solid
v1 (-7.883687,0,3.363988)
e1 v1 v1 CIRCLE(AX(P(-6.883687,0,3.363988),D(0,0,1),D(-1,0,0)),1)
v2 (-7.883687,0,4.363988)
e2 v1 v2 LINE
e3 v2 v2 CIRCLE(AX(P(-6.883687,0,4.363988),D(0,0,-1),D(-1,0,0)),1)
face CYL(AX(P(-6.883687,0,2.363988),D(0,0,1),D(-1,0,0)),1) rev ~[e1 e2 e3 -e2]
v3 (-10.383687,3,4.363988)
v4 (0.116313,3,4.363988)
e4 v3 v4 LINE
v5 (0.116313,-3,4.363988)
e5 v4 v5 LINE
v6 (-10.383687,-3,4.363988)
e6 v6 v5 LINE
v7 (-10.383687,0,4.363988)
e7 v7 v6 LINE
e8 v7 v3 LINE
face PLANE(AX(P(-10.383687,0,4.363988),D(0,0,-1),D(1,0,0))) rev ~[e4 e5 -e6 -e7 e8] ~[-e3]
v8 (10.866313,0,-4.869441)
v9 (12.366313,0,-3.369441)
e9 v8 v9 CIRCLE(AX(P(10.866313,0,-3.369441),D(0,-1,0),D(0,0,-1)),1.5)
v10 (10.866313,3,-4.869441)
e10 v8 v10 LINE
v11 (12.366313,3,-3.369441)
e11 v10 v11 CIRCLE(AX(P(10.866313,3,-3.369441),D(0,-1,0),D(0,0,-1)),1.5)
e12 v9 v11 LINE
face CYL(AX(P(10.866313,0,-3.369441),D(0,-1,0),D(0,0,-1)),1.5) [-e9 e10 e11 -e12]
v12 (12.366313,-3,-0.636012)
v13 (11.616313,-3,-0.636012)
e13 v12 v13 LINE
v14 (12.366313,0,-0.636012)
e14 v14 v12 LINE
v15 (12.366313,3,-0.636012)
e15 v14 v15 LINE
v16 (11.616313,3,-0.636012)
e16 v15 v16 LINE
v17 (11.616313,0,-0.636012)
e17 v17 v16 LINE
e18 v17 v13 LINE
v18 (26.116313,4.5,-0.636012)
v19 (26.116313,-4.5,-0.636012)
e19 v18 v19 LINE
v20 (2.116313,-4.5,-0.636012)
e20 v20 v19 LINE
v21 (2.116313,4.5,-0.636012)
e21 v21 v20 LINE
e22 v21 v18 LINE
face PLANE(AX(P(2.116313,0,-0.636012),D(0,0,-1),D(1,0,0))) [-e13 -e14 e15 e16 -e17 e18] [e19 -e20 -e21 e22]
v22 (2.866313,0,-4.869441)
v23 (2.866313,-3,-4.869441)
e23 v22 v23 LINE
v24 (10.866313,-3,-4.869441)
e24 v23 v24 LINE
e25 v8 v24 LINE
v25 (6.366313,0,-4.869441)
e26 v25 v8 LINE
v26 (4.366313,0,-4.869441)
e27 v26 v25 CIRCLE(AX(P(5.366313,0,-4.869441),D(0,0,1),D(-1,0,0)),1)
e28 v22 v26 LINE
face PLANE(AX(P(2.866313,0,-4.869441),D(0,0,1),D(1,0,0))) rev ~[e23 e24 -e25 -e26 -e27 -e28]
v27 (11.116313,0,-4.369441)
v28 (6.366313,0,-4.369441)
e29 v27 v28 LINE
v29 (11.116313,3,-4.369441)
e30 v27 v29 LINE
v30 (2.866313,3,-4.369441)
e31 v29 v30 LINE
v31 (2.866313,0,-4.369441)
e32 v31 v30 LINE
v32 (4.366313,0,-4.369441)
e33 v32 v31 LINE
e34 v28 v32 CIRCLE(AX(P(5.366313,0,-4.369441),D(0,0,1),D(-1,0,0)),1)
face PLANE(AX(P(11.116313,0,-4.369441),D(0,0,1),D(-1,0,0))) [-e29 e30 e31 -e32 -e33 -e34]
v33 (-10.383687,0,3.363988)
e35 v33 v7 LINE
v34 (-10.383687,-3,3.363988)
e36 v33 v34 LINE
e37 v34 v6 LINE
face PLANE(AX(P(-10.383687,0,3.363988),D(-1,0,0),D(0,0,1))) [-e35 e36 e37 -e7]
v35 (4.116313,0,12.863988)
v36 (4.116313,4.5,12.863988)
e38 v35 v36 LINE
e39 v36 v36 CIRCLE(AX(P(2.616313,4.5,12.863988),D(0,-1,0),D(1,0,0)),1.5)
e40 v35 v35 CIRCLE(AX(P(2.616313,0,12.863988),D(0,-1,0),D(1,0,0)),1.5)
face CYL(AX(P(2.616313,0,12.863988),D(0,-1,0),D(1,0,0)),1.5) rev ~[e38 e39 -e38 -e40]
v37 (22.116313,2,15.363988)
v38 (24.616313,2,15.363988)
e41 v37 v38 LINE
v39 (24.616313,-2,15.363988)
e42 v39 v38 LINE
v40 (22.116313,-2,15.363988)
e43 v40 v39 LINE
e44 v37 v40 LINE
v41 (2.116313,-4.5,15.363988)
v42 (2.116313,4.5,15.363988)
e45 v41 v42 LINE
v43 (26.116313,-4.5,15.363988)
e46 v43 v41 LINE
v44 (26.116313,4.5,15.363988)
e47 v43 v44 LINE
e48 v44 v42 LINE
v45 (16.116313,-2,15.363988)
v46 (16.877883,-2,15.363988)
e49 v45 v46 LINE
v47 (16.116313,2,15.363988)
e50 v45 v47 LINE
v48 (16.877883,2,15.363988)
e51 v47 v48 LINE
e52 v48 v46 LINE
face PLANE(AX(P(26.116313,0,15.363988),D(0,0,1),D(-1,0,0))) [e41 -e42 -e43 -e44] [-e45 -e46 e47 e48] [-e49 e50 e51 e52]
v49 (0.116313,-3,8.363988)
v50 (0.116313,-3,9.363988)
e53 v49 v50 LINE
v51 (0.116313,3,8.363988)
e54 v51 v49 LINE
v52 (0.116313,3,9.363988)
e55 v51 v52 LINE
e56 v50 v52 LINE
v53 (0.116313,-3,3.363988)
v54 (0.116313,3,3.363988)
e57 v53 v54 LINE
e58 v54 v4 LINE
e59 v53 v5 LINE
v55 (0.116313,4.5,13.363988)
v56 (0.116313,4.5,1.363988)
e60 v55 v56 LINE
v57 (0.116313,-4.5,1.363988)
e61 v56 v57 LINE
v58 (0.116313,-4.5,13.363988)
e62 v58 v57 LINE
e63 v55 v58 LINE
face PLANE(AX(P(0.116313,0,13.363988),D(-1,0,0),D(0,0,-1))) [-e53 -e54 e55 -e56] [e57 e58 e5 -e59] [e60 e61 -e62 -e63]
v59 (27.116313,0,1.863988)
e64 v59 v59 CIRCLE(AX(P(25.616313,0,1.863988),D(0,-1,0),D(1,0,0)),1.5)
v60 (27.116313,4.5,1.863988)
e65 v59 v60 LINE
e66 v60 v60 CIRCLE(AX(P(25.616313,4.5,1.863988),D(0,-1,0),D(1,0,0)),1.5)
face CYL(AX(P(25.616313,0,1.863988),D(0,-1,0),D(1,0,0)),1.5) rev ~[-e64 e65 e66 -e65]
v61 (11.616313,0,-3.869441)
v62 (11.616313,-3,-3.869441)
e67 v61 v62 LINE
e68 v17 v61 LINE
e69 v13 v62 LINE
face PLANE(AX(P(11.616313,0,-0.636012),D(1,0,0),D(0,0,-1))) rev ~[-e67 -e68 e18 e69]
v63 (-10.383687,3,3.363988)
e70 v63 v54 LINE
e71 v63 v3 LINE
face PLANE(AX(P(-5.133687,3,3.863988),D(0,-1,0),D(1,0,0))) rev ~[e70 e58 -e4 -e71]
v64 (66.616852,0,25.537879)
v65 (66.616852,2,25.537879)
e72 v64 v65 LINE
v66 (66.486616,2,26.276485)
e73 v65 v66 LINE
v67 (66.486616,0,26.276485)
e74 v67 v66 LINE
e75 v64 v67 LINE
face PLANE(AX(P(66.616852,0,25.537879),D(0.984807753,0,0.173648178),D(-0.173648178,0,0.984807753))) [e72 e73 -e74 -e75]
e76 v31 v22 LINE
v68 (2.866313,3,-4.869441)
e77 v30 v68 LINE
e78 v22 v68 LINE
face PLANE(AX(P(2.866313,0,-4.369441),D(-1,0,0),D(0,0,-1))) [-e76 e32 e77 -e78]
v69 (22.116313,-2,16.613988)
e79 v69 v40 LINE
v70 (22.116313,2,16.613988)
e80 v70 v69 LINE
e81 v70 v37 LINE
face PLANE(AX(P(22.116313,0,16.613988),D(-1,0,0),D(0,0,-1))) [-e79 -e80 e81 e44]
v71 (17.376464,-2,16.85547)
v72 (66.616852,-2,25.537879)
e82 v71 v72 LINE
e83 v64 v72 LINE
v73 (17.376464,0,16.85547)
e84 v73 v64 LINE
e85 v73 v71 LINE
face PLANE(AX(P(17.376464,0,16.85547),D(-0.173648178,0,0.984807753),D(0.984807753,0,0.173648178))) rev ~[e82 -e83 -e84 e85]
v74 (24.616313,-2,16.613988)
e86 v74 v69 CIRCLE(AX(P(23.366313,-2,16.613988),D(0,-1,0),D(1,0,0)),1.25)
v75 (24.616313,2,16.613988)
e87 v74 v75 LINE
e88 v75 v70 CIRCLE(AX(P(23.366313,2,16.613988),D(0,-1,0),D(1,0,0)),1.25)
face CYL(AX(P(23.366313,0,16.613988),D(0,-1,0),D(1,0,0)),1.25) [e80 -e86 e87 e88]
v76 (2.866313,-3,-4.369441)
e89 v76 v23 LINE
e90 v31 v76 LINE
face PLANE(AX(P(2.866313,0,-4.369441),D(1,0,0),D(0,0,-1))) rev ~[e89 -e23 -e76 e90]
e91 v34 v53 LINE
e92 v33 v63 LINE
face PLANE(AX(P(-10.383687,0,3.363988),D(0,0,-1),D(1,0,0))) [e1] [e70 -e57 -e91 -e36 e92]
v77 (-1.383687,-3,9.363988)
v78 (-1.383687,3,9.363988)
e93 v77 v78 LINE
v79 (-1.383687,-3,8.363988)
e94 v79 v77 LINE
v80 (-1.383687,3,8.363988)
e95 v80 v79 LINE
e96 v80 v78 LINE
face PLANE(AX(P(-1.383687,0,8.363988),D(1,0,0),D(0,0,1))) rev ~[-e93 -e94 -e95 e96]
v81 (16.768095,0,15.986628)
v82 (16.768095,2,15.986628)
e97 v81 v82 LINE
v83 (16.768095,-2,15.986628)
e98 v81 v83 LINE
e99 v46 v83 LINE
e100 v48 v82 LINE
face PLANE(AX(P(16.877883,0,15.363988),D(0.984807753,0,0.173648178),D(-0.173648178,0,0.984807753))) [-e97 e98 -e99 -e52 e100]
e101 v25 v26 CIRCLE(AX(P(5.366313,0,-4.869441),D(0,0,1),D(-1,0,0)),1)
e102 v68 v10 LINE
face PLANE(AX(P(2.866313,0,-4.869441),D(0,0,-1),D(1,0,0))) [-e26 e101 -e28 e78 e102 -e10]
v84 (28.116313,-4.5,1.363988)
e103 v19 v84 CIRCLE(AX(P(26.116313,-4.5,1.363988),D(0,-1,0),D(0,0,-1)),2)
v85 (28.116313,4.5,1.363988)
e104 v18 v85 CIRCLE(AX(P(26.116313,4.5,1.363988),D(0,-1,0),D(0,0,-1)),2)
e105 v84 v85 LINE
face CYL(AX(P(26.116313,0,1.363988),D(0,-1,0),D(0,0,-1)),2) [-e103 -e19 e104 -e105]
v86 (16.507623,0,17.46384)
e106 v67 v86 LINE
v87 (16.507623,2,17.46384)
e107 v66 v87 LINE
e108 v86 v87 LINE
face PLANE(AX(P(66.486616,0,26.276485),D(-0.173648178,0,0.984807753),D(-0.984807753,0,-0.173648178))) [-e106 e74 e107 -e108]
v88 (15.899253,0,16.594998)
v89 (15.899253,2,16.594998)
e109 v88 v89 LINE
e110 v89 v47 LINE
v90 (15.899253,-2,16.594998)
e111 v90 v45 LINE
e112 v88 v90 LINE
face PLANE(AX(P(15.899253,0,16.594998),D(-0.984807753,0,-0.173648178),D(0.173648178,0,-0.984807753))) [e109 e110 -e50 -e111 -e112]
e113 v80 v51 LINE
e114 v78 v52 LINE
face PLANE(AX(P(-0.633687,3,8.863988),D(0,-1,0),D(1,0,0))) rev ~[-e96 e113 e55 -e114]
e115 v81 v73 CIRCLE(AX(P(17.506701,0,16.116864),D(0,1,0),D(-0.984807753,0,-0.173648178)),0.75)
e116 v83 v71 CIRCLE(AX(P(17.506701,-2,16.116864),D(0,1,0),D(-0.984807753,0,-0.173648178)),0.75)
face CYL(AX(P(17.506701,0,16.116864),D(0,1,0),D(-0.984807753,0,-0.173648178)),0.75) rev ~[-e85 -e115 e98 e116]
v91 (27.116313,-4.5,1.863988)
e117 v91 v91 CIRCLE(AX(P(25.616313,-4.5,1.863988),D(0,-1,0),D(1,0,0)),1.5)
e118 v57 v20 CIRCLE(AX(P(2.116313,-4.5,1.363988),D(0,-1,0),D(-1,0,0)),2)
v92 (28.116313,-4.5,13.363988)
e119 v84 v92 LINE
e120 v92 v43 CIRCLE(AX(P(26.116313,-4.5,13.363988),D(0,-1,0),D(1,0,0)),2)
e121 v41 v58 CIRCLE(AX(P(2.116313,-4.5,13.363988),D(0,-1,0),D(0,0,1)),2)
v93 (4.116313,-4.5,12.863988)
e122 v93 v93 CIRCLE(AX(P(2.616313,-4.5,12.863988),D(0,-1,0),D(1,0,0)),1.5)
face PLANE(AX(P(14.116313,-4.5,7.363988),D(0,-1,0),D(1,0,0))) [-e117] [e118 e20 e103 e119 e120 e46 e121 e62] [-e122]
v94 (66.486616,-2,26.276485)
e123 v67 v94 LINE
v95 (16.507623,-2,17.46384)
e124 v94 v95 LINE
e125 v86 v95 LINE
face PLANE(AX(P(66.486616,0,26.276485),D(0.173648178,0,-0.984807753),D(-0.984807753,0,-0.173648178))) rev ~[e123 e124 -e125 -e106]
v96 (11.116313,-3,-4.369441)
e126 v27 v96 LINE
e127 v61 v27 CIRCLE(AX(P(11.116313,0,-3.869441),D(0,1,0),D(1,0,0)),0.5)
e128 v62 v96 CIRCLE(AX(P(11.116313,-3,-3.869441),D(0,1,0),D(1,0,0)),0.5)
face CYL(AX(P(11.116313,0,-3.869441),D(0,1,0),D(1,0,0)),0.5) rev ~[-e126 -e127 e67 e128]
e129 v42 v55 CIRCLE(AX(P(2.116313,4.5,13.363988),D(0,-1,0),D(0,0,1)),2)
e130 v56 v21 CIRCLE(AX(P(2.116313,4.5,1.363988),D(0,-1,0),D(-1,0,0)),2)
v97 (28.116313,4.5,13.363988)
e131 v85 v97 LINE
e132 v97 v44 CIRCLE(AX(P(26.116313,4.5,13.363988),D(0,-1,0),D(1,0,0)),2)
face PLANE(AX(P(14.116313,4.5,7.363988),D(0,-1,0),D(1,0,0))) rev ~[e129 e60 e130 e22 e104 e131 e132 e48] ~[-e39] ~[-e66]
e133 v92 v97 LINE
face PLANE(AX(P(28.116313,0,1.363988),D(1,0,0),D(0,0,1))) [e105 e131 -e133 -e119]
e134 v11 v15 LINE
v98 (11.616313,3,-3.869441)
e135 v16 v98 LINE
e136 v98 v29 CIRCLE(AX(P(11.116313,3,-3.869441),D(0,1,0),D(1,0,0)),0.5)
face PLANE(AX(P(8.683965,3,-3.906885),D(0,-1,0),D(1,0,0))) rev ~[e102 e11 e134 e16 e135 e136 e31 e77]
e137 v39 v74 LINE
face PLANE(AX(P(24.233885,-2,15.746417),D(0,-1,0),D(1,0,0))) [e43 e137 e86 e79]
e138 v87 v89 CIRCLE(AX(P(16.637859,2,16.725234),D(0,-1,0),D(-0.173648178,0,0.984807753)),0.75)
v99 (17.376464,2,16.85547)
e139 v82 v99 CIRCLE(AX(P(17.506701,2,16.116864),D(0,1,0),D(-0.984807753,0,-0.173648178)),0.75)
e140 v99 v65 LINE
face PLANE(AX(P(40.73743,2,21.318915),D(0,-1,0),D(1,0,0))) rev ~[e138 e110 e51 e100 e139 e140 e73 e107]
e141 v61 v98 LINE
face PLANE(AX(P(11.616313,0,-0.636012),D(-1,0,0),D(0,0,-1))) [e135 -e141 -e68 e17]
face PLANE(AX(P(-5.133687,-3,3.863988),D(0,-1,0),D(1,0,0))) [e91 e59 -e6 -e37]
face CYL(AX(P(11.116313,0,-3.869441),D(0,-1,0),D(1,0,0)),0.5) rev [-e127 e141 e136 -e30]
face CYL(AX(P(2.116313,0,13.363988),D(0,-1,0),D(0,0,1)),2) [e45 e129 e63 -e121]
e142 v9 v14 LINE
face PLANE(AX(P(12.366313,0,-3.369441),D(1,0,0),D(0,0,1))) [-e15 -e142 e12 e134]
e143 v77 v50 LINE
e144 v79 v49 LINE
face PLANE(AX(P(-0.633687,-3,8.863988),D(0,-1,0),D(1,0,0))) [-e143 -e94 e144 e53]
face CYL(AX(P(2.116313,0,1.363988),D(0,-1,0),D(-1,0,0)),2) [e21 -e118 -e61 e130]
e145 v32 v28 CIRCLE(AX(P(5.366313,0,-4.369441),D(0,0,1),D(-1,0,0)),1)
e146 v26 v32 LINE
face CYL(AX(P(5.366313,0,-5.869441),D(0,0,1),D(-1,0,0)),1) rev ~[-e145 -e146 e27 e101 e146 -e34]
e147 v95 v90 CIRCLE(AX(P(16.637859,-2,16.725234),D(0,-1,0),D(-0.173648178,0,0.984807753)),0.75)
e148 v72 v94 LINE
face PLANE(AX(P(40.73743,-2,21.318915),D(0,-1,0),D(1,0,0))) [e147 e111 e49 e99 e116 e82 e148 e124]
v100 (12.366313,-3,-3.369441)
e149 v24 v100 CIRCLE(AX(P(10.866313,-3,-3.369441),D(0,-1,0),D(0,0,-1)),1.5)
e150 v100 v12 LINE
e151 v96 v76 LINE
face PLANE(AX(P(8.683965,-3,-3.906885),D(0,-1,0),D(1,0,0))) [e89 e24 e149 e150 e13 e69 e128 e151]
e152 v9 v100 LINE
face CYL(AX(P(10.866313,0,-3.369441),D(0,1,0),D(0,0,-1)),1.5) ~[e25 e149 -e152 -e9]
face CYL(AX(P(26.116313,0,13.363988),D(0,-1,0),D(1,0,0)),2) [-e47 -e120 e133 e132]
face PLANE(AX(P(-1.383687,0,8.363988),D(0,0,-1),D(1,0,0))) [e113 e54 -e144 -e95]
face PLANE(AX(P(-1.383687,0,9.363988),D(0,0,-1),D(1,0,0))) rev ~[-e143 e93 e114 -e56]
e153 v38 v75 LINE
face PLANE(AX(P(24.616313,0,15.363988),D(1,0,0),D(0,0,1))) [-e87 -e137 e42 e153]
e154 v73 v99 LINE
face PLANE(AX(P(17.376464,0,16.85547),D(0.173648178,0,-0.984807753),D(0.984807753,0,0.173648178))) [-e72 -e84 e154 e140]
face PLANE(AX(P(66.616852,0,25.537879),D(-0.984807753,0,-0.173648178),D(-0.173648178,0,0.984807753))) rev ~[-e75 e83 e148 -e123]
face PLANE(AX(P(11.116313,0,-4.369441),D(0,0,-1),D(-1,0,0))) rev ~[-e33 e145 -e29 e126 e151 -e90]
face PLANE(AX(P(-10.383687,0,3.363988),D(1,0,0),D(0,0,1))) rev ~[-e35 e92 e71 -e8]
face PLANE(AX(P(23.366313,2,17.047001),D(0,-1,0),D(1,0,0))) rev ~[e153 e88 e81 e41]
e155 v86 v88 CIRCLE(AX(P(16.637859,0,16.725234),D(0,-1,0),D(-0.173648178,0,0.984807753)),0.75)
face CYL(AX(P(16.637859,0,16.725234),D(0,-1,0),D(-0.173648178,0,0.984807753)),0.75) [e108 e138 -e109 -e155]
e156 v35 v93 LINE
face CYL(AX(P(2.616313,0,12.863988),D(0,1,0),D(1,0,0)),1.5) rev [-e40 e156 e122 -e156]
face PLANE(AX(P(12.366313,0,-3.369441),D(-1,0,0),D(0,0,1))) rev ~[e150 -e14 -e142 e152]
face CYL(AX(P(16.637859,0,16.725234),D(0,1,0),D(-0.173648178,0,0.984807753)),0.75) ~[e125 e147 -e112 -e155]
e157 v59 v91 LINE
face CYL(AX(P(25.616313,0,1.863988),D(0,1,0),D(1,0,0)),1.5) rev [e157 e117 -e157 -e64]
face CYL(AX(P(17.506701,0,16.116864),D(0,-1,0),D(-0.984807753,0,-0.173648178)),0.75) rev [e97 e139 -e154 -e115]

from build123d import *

# Parameters (mm, degrees)
F0_R           = 1.5
F1_DEPTH       = 4.5
F0_W           = 1.5
F0_H           = 1
F0_W_2         = 10.5
F2_DEPTH       = 3
F3_DEPTH       = 2
F4_DEPTH       = 4.5
F5_DEPTH       = 3
F6_DEPTH       = 2
F9_D           = 2
F9_DEPTH       = 1
F9_TIP         = 0.600860619
F9_ON_F8_D     = 2
F9_ON_F8_DEPTH = 1
F9_ON_F8_TIP   = 0.600860619


with BuildPart() as f1:
    # F0 (on Front) → F1 (new body)
    with BuildSketch(Plane.XZ):
        with BuildLine():
            Line((16.1163130835, 15.3639883176), (2.1163130835, 15.3639883176))
            ThreePointArc((2.1163130835, 15.3639883176), (0.7020995211, 14.77820188), (0.1163130835, 13.3639883176))
            Line((0.1163130835, 13.3639883176), (0.1163130835, 9.3639883176))
            Line((0.1163130835, 9.3639883176), (0.1163130835, 8.3639883176))
            Line((0.1163130835, 8.3639883176), (0.1163130835, 4.3639883176))
            Line((0.1163130835, 4.3639883176), (0.1163130835, 3.3639883176))
            Line((0.1163130835, 3.3639883176), (0.1163130835, 1.3639883176))
            ThreePointArc((0.1163130835, 1.3639883176), (0.7020995211, -0.0502252447), (2.1163130835, -0.6360116824))
            Line((2.1163130835, -0.6360116824), (11.6163130835, -0.6360116824))
            Line((11.6163130835, -0.6360116824), (12.3663130835, -0.6360116824))
            Line((12.3663130835, -0.6360116824), (26.1163130835, -0.6360116824))
            ThreePointArc((26.1163130835, -0.6360116824), (27.5305266458, -0.0502252447), (28.1163130835, 1.3639883176))
            Line((28.1163130835, 1.3639883176), (28.1163130835, 13.3639883176))
            ThreePointArc((28.1163130835, 13.3639883176), (27.5305266458, 14.77820188), (26.1163130835, 15.3639883176))
            Line((26.1163130835, 15.3639883176), (24.6163130835, 15.3639883176))
            Line((24.6163130835, 15.3639883176), (23.3663130835, 15.3639883176))
            Line((23.3663130835, 15.3639883176), (22.1163130835, 15.3639883176))
            Line((22.1163130835, 15.3639883176), (16.8778830424, 15.3639883176))
            Line((16.8778830424, 15.3639883176), (16.1163130835, 15.3639883176))
        make_face()
        with Locations((25.6163130835, 1.8639883176)):
            Circle(F0_R, mode=Mode.SUBTRACT)
        with Locations((2.6163130835, 12.8639883176)):
            Circle(F0_R, mode=Mode.SUBTRACT)
    extrude(amount=F1_DEPTH)

    # F0 (on Front) → F2 (join)
    with BuildSketch(Plane.XZ):
        with Locations((-0.6336869165, 8.8639883176)):
            Rectangle(F0_W, F0_H)
        with Locations((-5.1336869165, 3.8639883176)):
            Rectangle(F0_W_2, F0_H)
        with BuildLine():
            Line((12.3663130835, -0.6360116824), (11.6163130835, -0.6360116824))
            Line((11.6163130835, -0.6360116824), (11.6163130835, -3.8694406524))
            ThreePointArc((11.6163130835, -3.8694406524), (11.4698664741, -4.222994043), (11.1163130835, -4.3694406524))
            Line((11.1163130835, -4.3694406524), (2.8663130835, -4.3694406524))
            Line((2.8663130835, -4.3694406524), (2.8663130835, -4.8694406524))
            Line((2.8663130835, -4.8694406524), (10.8663130835, -4.8694406524))
            ThreePointArc((10.8663130835, -4.8694406524), (11.9269732552, -4.4301008242), (12.3663130835, -3.3694406524))
            Line((12.3663130835, -3.3694406524), (12.3663130835, -0.6360116824))
        make_face()
    extrude(amount=F2_DEPTH)

    # F0 (on Front) → F3 (join)
    with BuildSketch(Plane.XZ):
        with BuildLine():
            Line((15.8992528614, 16.5949980089), (16.1163130835, 15.3639883176))
            Line((16.1163130835, 15.3639883176), (16.8778830424, 15.3639883176))
            Line((16.8778830424, 15.3639883176), (16.7680948094, 15.9866283274))
            ThreePointArc((16.7680948094, 15.9866283274), (16.8923365909, 16.5470467879), (17.3764644909, 16.8554702754))
            Line((17.3764644909, 16.8554702754), (66.6168521415, 25.5378791587))
            Line((66.6168521415, 25.5378791587), (66.4866160083, 26.2764849735))
            Line((66.4866160083, 26.2764849735), (16.5076225429, 17.4638399569))
            ThreePointArc((16.5076225429, 17.4638399569), (16.0234946429, 17.1554164694), (15.8992528614, 16.5949980089))
        make_face()
        with BuildLine():
            ThreePointArc((24.6163130835, 16.6139883176), (24.25019656, 15.7301048411), (23.3663130835, 15.3639883176))
            Line((23.3663130835, 15.3639883176), (24.6163130835, 15.3639883176))
            Line((24.6163130835, 15.3639883176), (24.6163130835, 16.6139883176))
        make_face()
        with BuildLine():
            Line((22.1163130835, 16.6139883176), (22.1163130835, 15.3639883176))
            Line((22.1163130835, 15.3639883176), (23.3663130835, 15.3639883176))
            ThreePointArc((23.3663130835, 15.3639883176), (22.482429607, 15.7301048411), (22.1163130835, 16.6139883176))
        make_face()
        with BuildLine():
            ThreePointArc((22.1163130835, 16.6139883176), (22.482429607, 15.7301048411), (23.3663130835, 15.3639883176))
            ThreePointArc((23.3663130835, 15.3639883176), (24.25019656, 15.7301048411), (24.6163130835, 16.6139883176))
            Line((24.6163130835, 16.6139883176), (22.1163130835, 16.6139883176))
        make_face()
        with BuildLine():
            ThreePointArc((24.6163130835, 16.6139883176), (23.3663130835, 17.8639883176), (22.1163130835, 16.6139883176))
            Line((22.1163130835, 16.6139883176), (24.6163130835, 16.6139883176))
        make_face()
    extrude(amount=F3_DEPTH)

    # F0 (on Front) → F4 (join)
    with BuildSketch(Plane.XZ):
        with BuildLine():
            Line((16.1163130835, 15.3639883176), (2.1163130835, 15.3639883176))
            ThreePointArc((2.1163130835, 15.3639883176), (0.7020995211, 14.77820188), (0.1163130835, 13.3639883176))
            Line((0.1163130835, 13.3639883176), (0.1163130835, 9.3639883176))
            Line((0.1163130835, 9.3639883176), (0.1163130835, 8.3639883176))
            Line((0.1163130835, 8.3639883176), (0.1163130835, 4.3639883176))
            Line((0.1163130835, 4.3639883176), (0.1163130835, 3.3639883176))
            Line((0.1163130835, 3.3639883176), (0.1163130835, 1.3639883176))
            ThreePointArc((0.1163130835, 1.3639883176), (0.7020995211, -0.0502252447), (2.1163130835, -0.6360116824))
            Line((2.1163130835, -0.6360116824), (11.6163130835, -0.6360116824))
            Line((11.6163130835, -0.6360116824), (12.3663130835, -0.6360116824))
            Line((12.3663130835, -0.6360116824), (26.1163130835, -0.6360116824))
            ThreePointArc((26.1163130835, -0.6360116824), (27.5305266458, -0.0502252447), (28.1163130835, 1.3639883176))
            Line((28.1163130835, 1.3639883176), (28.1163130835, 13.3639883176))
            ThreePointArc((28.1163130835, 13.3639883176), (27.5305266458, 14.77820188), (26.1163130835, 15.3639883176))
            Line((26.1163130835, 15.3639883176), (24.6163130835, 15.3639883176))
            Line((24.6163130835, 15.3639883176), (23.3663130835, 15.3639883176))
            Line((23.3663130835, 15.3639883176), (22.1163130835, 15.3639883176))
            Line((22.1163130835, 15.3639883176), (16.8778830424, 15.3639883176))
            Line((16.8778830424, 15.3639883176), (16.1163130835, 15.3639883176))
        make_face()
        with Locations((25.6163130835, 1.8639883176)):
            Circle(F0_R, mode=Mode.SUBTRACT)
        with Locations((2.6163130835, 12.8639883176)):
            Circle(F0_R, mode=Mode.SUBTRACT)
    extrude(amount=-F4_DEPTH)

    # F0 (on Front) → F5 (join)
    with BuildSketch(Plane.XZ):
        with Locations((-0.6336869165, 8.8639883176)):
            Rectangle(F0_W, F0_H)
        with Locations((-5.1336869165, 3.8639883176)):
            Rectangle(F0_W_2, F0_H)
        with BuildLine():
            Line((12.3663130835, -0.6360116824), (11.6163130835, -0.6360116824))
            Line((11.6163130835, -0.6360116824), (11.6163130835, -3.8694406524))
            ThreePointArc((11.6163130835, -3.8694406524), (11.4698664741, -4.222994043), (11.1163130835, -4.3694406524))
            Line((11.1163130835, -4.3694406524), (2.8663130835, -4.3694406524))
            Line((2.8663130835, -4.3694406524), (2.8663130835, -4.8694406524))
            Line((2.8663130835, -4.8694406524), (10.8663130835, -4.8694406524))
            ThreePointArc((10.8663130835, -4.8694406524), (11.9269732552, -4.4301008242), (12.3663130835, -3.3694406524))
            Line((12.3663130835, -3.3694406524), (12.3663130835, -0.6360116824))
        make_face()
    extrude(amount=-F5_DEPTH)

    # F0 (on Front) → F6 (join)
    with BuildSketch(Plane.XZ):
        with BuildLine():
            ThreePointArc((24.6163130835, 16.6139883176), (23.3663130835, 17.8639883176), (22.1163130835, 16.6139883176))
            Line((22.1163130835, 16.6139883176), (24.6163130835, 16.6139883176))
        make_face()
        with BuildLine():
            ThreePointArc((22.1163130835, 16.6139883176), (22.482429607, 15.7301048411), (23.3663130835, 15.3639883176))
            ThreePointArc((23.3663130835, 15.3639883176), (24.25019656, 15.7301048411), (24.6163130835, 16.6139883176))
            Line((24.6163130835, 16.6139883176), (22.1163130835, 16.6139883176))
        make_face()
        with BuildLine():
            ThreePointArc((24.6163130835, 16.6139883176), (24.25019656, 15.7301048411), (23.3663130835, 15.3639883176))
            Line((23.3663130835, 15.3639883176), (24.6163130835, 15.3639883176))
            Line((24.6163130835, 15.3639883176), (24.6163130835, 16.6139883176))
        make_face()
        with BuildLine():
            Line((22.1163130835, 16.6139883176), (22.1163130835, 15.3639883176))
            Line((22.1163130835, 15.3639883176), (23.3663130835, 15.3639883176))
            ThreePointArc((23.3663130835, 15.3639883176), (22.482429607, 15.7301048411), (22.1163130835, 16.6139883176))
        make_face()
        with BuildLine():
            Line((15.8992528614, 16.5949980089), (16.1163130835, 15.3639883176))
            Line((16.1163130835, 15.3639883176), (16.8778830424, 15.3639883176))
            Line((16.8778830424, 15.3639883176), (16.7680948094, 15.9866283274))
            ThreePointArc((16.7680948094, 15.9866283274), (16.8923365909, 16.5470467879), (17.3764644909, 16.8554702754))
            Line((17.3764644909, 16.8554702754), (66.6168521415, 25.5378791587))
            Line((66.6168521415, 25.5378791587), (66.4866160083, 26.2764849735))
            Line((66.4866160083, 26.2764849735), (16.5076225429, 17.4638399569))
            ThreePointArc((16.5076225429, 17.4638399569), (16.0234946429, 17.1554164694), (15.8992528614, 16.5949980089))
        make_face()
    extrude(amount=-F6_DEPTH)

    # F9
    with Locations(Plane(origin=(0, 0, -4.8694406524), x_dir=(1, 0, 0), z_dir=(0, 0, -1))):
        with Locations((5.3663130835, 0)):
            Hole(F9_D / 2, depth=F9_DEPTH)
            with Locations((0, 0, -(F9_DEPTH + F9_TIP / 2))):  # 118° drill point
                Cone(0, F9_D / 2, F9_TIP, mode=Mode.SUBTRACT)

    # F9 on F8
    with Locations(Plane(origin=(0, 0, 3.3639883176), x_dir=(1, 0, 0), z_dir=(0, 0, -1))):
        with Locations((-6.8836869165, 0)):
            Hole(F9_ON_F8_D / 2, depth=F9_ON_F8_DEPTH)
            with Locations((0, 0, -(F9_ON_F8_DEPTH + F9_ON_F8_TIP / 2))):  # 118° drill point
                Cone(0, F9_ON_F8_D / 2, F9_ON_F8_TIP, mode=Mode.SUBTRACT)


solid = f1.part
